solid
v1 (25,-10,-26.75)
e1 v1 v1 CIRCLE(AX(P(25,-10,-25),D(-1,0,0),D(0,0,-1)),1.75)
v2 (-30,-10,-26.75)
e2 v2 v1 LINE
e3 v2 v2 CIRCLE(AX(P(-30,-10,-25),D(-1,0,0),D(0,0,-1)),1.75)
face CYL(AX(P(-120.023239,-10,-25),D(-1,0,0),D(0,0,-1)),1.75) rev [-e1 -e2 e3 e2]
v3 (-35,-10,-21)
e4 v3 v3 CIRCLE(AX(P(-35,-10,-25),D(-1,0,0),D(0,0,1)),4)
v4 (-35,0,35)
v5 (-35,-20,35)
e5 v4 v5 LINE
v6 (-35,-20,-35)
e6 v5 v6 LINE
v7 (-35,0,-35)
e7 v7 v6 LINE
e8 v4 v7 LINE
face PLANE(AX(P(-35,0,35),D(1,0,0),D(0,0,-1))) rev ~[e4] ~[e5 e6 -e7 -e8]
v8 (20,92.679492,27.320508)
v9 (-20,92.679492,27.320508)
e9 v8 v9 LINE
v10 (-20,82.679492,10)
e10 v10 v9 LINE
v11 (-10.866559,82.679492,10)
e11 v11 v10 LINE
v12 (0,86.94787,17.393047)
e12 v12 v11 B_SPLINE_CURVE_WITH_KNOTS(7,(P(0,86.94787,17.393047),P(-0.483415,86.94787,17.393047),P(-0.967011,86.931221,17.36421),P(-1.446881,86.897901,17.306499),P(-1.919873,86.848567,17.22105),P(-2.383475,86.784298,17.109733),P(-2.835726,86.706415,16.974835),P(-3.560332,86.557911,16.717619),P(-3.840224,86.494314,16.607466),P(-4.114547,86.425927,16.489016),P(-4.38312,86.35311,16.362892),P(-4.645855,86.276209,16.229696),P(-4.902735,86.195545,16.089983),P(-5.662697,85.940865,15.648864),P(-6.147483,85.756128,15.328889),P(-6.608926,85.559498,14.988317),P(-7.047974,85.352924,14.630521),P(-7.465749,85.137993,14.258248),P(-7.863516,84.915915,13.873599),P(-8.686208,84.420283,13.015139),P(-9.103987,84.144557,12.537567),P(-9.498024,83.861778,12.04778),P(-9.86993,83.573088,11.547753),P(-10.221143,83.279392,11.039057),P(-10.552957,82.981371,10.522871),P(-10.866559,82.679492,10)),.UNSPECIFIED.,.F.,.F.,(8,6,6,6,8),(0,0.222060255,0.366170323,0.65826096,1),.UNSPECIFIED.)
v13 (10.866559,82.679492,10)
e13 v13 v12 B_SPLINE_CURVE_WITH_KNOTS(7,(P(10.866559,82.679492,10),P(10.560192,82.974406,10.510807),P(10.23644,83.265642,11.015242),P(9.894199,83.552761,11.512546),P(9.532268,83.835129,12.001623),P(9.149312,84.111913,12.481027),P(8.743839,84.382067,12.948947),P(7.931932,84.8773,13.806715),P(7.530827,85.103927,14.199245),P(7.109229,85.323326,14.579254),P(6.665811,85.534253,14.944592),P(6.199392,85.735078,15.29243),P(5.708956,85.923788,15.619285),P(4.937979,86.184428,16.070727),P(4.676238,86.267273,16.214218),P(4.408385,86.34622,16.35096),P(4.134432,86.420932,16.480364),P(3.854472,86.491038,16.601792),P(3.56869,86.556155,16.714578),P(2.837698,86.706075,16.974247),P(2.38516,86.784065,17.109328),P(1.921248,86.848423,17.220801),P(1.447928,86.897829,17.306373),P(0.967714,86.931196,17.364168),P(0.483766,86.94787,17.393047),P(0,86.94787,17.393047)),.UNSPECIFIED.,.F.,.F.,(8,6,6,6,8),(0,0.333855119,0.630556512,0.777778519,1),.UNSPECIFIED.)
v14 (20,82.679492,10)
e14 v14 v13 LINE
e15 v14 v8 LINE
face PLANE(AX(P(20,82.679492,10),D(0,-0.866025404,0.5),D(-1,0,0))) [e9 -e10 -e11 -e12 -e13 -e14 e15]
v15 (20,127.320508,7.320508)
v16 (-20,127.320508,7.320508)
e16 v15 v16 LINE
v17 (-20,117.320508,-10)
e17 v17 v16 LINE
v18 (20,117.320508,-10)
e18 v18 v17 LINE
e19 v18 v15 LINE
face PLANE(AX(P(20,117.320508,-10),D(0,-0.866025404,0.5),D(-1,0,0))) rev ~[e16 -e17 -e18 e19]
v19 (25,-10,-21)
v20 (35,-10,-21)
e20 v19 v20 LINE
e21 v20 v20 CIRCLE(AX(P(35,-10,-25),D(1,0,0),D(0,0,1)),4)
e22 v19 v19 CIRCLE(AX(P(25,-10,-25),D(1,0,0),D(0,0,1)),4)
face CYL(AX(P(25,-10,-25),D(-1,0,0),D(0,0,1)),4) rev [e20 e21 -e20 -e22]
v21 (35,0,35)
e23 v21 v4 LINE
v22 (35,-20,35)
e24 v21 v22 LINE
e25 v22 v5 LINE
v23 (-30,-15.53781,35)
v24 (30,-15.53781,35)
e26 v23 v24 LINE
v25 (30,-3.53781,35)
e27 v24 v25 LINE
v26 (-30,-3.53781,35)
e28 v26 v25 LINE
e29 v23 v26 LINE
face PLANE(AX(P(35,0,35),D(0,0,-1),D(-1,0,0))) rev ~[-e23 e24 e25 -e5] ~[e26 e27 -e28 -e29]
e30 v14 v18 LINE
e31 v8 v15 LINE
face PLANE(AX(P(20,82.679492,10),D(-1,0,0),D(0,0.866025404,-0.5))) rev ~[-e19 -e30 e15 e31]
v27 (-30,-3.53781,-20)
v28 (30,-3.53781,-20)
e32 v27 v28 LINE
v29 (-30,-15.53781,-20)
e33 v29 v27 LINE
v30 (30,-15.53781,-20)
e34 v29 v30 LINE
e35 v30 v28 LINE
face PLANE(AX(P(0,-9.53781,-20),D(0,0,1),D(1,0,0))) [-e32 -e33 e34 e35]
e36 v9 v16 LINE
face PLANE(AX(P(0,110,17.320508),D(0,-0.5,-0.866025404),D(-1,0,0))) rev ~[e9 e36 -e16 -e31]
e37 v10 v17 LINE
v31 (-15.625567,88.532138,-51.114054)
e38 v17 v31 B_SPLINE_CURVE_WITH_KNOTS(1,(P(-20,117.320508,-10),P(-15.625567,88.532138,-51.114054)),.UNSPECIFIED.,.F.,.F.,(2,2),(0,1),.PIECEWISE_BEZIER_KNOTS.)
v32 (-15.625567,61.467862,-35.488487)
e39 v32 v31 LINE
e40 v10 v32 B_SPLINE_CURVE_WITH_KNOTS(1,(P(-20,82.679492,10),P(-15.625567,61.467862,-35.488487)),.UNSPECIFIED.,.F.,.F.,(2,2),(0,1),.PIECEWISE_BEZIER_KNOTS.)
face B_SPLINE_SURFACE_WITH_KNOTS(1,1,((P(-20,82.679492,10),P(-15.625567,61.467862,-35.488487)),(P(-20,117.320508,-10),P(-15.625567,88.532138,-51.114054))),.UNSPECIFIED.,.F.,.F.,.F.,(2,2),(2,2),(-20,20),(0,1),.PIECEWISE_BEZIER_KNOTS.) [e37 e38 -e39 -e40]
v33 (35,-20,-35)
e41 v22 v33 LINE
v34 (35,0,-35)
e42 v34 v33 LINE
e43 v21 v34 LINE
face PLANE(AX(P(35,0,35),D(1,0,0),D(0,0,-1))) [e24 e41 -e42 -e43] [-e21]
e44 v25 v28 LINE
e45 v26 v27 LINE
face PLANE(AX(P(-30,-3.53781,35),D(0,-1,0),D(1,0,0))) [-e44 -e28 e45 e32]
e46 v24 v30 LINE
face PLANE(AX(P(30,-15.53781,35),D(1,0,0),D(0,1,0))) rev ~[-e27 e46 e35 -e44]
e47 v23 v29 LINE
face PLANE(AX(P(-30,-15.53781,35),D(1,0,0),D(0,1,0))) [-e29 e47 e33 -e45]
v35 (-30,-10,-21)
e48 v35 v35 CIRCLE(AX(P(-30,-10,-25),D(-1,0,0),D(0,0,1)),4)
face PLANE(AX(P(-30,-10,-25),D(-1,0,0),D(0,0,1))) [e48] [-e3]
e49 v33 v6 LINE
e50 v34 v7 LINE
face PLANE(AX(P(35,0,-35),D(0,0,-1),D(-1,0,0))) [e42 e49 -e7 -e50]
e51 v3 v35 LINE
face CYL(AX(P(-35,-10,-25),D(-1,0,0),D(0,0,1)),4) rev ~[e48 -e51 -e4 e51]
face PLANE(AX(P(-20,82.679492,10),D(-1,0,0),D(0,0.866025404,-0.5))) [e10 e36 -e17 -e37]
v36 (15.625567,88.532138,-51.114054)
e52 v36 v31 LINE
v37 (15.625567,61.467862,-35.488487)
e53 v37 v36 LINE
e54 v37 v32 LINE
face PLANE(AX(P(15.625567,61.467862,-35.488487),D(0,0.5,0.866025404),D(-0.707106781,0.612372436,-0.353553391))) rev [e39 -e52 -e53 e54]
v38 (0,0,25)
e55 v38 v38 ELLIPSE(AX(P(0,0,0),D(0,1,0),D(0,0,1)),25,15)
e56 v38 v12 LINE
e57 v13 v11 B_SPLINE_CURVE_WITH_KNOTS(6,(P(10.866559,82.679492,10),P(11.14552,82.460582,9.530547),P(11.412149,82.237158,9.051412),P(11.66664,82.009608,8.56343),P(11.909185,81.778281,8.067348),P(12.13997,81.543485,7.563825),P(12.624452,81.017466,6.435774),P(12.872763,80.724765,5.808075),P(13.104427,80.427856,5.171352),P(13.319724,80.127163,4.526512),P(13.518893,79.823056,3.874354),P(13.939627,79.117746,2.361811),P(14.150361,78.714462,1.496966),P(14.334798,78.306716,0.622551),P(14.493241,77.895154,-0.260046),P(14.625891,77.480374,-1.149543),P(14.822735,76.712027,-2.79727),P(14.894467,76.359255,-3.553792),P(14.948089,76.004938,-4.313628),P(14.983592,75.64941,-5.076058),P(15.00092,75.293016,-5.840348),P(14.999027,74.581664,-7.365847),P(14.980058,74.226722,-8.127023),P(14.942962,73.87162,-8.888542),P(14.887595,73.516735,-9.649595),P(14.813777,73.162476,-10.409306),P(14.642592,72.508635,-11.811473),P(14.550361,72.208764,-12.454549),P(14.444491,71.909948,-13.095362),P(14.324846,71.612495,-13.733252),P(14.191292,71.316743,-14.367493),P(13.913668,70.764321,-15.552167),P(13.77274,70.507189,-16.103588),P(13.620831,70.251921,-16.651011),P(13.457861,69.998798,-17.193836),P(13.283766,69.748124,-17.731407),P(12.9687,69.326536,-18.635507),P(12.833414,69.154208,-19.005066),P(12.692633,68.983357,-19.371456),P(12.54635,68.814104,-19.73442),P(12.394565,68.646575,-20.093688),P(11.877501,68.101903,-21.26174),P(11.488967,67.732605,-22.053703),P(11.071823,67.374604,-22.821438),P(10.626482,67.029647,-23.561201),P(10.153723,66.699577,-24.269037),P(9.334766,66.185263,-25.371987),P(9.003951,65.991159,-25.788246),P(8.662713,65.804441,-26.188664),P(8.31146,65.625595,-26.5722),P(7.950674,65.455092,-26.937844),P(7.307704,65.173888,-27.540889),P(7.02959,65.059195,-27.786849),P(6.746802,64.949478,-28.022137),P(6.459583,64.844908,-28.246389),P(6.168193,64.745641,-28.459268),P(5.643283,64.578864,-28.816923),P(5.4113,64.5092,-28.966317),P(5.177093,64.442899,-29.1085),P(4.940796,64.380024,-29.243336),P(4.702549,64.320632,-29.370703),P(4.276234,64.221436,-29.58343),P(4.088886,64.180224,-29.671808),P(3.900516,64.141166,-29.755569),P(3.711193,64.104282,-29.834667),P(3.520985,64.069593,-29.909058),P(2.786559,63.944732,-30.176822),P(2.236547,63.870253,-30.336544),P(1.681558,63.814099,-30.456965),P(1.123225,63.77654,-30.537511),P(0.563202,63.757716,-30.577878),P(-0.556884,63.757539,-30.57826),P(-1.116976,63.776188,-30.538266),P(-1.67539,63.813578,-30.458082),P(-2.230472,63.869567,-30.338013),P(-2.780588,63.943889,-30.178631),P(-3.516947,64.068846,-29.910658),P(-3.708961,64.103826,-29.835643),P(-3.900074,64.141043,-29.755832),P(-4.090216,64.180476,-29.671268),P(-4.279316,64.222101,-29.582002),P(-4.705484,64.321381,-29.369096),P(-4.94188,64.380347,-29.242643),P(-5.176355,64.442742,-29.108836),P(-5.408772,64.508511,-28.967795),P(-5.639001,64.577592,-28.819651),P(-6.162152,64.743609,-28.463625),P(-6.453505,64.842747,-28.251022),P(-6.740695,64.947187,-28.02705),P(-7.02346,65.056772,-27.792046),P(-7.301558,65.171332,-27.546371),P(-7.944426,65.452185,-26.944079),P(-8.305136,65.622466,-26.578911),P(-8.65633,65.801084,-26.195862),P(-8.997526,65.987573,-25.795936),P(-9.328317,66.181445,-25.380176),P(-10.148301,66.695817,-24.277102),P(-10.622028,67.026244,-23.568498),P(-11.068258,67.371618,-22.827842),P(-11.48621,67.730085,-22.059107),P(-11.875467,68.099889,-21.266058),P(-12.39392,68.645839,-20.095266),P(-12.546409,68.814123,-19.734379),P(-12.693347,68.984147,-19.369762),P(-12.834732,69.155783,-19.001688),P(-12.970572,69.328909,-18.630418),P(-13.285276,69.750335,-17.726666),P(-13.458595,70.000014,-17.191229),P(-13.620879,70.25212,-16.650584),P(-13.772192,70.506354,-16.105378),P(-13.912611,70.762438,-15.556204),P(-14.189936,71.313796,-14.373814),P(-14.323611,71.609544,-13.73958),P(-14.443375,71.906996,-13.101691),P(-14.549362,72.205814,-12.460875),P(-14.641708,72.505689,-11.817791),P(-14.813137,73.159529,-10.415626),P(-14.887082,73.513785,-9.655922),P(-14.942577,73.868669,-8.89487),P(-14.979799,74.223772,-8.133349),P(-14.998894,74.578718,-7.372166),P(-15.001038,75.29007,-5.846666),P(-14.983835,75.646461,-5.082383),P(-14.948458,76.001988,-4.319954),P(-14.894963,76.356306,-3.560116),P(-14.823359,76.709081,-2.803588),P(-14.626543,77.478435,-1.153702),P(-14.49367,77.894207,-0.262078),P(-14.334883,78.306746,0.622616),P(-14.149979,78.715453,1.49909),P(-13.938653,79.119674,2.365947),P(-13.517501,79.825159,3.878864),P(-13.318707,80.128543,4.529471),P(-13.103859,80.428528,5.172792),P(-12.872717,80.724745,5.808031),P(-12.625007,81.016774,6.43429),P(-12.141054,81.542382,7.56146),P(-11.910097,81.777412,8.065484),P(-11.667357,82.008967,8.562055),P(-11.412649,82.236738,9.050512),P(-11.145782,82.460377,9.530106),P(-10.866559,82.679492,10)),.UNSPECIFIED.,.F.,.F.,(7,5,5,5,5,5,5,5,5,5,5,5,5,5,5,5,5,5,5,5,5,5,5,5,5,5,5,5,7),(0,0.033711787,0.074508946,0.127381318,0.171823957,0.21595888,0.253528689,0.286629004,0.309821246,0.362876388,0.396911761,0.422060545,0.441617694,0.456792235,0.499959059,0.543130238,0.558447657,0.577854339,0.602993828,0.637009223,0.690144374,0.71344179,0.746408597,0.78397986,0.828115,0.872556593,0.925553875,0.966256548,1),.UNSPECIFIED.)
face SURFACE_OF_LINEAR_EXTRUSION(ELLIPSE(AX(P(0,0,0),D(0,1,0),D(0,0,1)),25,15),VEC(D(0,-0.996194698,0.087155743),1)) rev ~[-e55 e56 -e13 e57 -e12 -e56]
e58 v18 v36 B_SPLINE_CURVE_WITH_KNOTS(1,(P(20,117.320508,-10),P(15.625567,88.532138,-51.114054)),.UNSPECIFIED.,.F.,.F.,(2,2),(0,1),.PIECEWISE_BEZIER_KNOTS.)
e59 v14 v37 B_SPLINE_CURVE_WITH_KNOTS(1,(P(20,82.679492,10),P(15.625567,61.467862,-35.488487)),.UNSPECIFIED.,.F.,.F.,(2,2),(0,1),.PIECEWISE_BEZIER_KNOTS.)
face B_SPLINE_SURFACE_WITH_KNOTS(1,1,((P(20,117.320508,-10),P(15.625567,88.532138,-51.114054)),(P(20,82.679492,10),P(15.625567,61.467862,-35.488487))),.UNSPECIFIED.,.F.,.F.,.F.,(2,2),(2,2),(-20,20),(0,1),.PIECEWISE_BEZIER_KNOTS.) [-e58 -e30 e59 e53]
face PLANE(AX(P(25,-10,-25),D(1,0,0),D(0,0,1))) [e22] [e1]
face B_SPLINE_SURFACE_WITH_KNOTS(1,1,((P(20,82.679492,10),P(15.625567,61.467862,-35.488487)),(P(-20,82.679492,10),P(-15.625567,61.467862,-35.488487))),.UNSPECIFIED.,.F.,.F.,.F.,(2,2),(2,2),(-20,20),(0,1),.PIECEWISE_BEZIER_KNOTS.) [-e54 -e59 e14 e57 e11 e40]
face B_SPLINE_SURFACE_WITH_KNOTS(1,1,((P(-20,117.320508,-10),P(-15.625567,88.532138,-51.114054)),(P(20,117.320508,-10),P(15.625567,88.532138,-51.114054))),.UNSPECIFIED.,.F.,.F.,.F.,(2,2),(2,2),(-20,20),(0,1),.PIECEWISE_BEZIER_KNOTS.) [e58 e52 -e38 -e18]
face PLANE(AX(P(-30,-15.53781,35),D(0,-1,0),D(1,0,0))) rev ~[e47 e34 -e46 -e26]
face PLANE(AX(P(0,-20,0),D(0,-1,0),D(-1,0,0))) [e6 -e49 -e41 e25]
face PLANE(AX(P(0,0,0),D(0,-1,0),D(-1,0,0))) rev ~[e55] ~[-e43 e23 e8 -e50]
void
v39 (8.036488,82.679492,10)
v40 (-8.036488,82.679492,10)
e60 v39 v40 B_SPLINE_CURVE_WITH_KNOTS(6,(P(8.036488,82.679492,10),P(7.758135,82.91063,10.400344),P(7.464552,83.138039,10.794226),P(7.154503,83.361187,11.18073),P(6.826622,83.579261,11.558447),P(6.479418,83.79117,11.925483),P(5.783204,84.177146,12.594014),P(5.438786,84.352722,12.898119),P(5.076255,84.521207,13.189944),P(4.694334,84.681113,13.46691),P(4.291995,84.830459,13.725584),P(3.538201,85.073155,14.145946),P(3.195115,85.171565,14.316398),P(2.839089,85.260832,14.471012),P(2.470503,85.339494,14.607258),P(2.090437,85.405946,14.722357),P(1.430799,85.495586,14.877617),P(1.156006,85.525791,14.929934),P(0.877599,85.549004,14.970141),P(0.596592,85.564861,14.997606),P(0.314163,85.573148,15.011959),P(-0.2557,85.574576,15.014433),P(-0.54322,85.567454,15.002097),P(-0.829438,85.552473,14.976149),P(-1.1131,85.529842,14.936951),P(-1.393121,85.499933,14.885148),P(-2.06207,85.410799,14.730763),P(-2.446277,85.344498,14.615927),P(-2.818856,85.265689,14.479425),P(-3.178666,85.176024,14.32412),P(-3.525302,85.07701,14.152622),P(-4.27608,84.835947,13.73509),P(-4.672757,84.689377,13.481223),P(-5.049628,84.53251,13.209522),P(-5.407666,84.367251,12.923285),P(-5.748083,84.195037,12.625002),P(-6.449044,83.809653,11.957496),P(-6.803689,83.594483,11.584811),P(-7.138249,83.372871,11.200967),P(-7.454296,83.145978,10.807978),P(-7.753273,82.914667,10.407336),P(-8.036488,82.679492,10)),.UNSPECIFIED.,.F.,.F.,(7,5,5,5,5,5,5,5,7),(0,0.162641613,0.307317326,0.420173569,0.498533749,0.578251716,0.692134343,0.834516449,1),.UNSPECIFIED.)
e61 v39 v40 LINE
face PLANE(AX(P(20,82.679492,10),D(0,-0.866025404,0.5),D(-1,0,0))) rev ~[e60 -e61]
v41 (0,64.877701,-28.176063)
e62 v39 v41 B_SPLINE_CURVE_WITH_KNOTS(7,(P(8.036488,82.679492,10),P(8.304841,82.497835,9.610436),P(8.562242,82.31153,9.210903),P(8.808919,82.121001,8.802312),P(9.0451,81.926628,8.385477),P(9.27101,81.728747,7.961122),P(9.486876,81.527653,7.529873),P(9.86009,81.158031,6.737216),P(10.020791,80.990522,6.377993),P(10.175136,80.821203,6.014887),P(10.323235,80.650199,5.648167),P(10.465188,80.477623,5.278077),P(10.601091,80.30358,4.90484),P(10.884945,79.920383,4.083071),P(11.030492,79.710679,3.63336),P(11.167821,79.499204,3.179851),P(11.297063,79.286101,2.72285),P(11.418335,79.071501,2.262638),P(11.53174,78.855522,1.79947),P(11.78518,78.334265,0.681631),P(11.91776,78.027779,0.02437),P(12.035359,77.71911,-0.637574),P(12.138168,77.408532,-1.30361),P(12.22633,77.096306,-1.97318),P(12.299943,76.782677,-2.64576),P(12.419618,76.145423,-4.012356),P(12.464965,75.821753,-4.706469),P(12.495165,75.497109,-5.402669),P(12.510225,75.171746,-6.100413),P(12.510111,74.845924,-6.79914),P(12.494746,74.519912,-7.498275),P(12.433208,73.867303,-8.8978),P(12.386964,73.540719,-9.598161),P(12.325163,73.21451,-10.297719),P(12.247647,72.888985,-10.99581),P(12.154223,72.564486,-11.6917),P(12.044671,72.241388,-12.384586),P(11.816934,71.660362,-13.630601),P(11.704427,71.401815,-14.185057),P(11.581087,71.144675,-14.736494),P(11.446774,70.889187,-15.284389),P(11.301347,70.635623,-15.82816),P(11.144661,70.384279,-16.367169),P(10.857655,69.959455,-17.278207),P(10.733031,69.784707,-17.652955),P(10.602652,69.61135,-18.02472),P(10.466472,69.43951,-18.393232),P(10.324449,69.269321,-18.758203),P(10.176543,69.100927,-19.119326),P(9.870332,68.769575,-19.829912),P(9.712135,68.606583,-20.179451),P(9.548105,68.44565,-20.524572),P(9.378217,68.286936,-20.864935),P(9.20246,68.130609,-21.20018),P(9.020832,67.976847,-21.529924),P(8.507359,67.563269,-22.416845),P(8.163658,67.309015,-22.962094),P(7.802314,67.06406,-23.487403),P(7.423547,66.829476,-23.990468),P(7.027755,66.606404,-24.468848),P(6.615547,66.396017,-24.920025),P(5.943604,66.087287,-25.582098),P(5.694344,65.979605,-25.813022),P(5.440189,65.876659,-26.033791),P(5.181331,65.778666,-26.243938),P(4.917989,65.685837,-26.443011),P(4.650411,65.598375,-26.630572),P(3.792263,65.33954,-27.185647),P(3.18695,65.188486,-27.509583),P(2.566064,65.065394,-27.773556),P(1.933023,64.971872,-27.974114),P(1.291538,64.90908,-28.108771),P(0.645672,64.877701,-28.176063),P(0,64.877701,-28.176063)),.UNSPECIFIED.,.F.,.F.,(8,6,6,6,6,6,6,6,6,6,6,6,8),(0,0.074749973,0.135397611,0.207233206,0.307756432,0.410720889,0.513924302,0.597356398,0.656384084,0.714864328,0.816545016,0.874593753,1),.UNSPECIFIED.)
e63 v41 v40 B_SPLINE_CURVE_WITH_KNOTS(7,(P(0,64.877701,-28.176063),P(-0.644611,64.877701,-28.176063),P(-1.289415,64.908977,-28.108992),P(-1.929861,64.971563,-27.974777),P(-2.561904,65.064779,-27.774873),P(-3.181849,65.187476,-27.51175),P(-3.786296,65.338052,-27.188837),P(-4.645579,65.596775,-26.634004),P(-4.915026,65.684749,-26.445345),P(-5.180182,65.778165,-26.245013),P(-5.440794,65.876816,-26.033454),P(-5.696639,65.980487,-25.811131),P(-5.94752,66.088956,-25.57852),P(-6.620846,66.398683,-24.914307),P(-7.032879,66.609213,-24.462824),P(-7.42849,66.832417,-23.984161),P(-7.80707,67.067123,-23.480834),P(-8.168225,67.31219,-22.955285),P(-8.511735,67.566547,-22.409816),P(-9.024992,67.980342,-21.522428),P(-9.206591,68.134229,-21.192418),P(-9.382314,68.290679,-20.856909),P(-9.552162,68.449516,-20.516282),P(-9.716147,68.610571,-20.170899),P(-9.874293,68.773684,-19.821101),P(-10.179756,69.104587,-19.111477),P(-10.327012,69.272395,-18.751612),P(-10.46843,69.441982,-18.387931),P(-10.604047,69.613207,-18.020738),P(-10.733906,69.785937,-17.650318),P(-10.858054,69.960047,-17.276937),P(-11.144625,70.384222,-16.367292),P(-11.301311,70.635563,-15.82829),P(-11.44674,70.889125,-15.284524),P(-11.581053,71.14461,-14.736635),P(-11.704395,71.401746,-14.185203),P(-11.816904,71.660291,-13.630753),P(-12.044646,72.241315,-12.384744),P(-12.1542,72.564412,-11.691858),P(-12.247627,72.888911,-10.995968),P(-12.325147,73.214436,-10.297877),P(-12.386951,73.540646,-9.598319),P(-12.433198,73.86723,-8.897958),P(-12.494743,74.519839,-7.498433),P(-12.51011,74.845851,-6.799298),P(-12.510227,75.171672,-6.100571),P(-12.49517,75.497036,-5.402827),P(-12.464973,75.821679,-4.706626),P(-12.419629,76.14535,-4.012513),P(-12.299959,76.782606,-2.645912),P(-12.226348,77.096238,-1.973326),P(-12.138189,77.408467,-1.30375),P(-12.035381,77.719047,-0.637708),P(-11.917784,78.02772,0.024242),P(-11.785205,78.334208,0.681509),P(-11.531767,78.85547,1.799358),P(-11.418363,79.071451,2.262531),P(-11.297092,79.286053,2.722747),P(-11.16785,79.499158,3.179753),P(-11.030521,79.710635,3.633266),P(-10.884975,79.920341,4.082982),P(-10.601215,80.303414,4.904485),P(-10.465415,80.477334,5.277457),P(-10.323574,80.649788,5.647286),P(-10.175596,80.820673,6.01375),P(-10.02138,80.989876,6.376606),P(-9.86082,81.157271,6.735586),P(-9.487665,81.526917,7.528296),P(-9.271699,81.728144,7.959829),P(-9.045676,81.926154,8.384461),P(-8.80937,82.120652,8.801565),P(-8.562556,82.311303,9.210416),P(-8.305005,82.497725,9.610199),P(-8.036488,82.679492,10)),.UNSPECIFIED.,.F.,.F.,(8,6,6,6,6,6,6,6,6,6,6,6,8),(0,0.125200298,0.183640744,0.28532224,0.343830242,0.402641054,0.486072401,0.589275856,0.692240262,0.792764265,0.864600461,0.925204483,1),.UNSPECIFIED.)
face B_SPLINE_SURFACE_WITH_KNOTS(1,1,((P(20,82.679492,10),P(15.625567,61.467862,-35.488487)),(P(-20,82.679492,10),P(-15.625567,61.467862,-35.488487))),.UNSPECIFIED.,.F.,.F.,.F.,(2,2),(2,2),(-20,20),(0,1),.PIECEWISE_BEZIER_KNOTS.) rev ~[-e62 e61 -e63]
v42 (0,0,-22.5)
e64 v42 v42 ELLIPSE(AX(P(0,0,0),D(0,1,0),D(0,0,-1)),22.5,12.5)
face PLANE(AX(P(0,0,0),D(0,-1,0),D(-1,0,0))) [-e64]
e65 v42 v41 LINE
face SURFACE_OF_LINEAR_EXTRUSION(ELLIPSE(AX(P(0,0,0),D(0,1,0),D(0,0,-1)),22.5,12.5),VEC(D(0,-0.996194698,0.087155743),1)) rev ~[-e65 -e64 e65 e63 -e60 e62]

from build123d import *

# Parameters (mm, degrees)
SKETCH2_RX                    = 25
SKETCH2_RY                    = 15
SKETCH2_RX_2                  = 22.5
SKETCH2_RY_2                  = 12.5
BOSS_EXTRUDE1_DEPTH           = 100
SKETCH8_W                     = 40
SKETCH8_H                     = 40
BOSS_EXTRUDE2_DEPTH           = 20
BOSS_EXTRUDE2_OTHER_WAY_DEPTH = 50
BOSS_EXTRUDE2_OTHER_WAY_TAPER = 5
SKETCH9_W                     = 70
SKETCH9_H                     = 70
BOSS_EXTRUDE3_DEPTH           = 20
SKETCH10_W                    = 60
SKETCH10_H                    = 12
CUT_EXTRUDE1_DEPTH            = 55
CUT_EXTRUDE2_DEPTH            = 155.023239358
CUT_EXTRUDE2_DEPTH_BACK       = 155.023239358
SKETCH11_R                    = 1.75
SKETCH13_R                    = 4
CUT_EXTRUDE3_DEPTH            = 5
CUT_EXTRUDE4_START            = -10
SKETCH14_R                    = 4
CUT_EXTRUDE4_DEPTH            = 10


with BuildPart() as part:
    # Sketch2 → Boss-Extrude1 (new, along a direction that is not the sketch's normal)
    with BuildSketch(Plane(origin=(0, 0, 0), x_dir=(1, 0, 0), z_dir=(0, 1, 0))):
        with Locations(Location((0, 0), (0, 0, -90))):
            Ellipse(SKETCH2_RX, SKETCH2_RY)
        with Locations(Location((0, 0), (0, 0, 90))):
            Ellipse(SKETCH2_RX_2, SKETCH2_RY_2, mode=Mode.SUBTRACT)
    extrude(amount=BOSS_EXTRUDE1_DEPTH, dir=(0, 0.9961946980917453, -0.08715574274766182))

    # Sketch8 → Boss-Extrude2 (add)
    with BuildSketch(Plane(origin=(0, 25, 43.301270189), x_dir=(-1, 0, 0), z_dir=(0, -0.5000000000000041, -0.8660254037844364))):
        with Locations((0, 86.602540378)):
            Rectangle(SKETCH8_W, SKETCH8_H)
    extrude(amount=-BOSS_EXTRUDE2_DEPTH)

    # Sketch8 → Boss-Extrude2 other way (add)
    with BuildSketch(Plane(origin=(0, 25, 43.301270189), x_dir=(-1, 0, 0), z_dir=(0, -0.5000000000000041, -0.8660254037844364))):
        with Locations((0, 86.602540378)):
            Rectangle(SKETCH8_W, SKETCH8_H)
    extrude(amount=BOSS_EXTRUDE2_OTHER_WAY_DEPTH, taper=BOSS_EXTRUDE2_OTHER_WAY_TAPER)

    # Sketch9 → Boss-Extrude3 (add)
    with BuildSketch(Plane(origin=(0, 0, 0), x_dir=(-1, 0, 0), z_dir=(0, -1, 0))):
        Rectangle(SKETCH9_W, SKETCH9_H)
    extrude(amount=BOSS_EXTRUDE3_DEPTH)

    # Sketch10 → Cut-Extrude1 (cut)
    with BuildSketch(Plane.XY.offset(35)):
        with Locations((0, -9.537809852)):
            Rectangle(SKETCH10_W, SKETCH10_H)
    extrude(amount=-CUT_EXTRUDE1_DEPTH, mode=Mode.SUBTRACT)

    # Sketch11 → Cut-Extrude2 (cut, two sides: drawn at the far end of the back side and taken through both)
    with BuildSketch(Plane(origin=(35, 0, 0), x_dir=(0, 0, -1), z_dir=(1, 0, 0)).offset(-CUT_EXTRUDE2_DEPTH_BACK)):
        with Locations((25, -10)):
            Circle(SKETCH11_R)
    extrude(amount=CUT_EXTRUDE2_DEPTH + CUT_EXTRUDE2_DEPTH_BACK, mode=Mode.SUBTRACT)

    # Sketch13 → Cut-Extrude3 (cut)
    with BuildSketch(Plane.ZY.offset(35)):
        with Locations((-25, -10)):
            Circle(SKETCH13_R)
    extrude(amount=-CUT_EXTRUDE3_DEPTH, mode=Mode.SUBTRACT)

    # Sketch14 → Cut-Extrude4 (cut)
    with BuildSketch(Plane(origin=(35, 0, 0), x_dir=(0, 0, -1), z_dir=(1, 0, 0)).offset(CUT_EXTRUDE4_START)):
        with Locations((25, -10)):
            Circle(SKETCH14_R)
    extrude(amount=CUT_EXTRUDE4_DEPTH, mode=Mode.SUBTRACT)


solid = part.part
